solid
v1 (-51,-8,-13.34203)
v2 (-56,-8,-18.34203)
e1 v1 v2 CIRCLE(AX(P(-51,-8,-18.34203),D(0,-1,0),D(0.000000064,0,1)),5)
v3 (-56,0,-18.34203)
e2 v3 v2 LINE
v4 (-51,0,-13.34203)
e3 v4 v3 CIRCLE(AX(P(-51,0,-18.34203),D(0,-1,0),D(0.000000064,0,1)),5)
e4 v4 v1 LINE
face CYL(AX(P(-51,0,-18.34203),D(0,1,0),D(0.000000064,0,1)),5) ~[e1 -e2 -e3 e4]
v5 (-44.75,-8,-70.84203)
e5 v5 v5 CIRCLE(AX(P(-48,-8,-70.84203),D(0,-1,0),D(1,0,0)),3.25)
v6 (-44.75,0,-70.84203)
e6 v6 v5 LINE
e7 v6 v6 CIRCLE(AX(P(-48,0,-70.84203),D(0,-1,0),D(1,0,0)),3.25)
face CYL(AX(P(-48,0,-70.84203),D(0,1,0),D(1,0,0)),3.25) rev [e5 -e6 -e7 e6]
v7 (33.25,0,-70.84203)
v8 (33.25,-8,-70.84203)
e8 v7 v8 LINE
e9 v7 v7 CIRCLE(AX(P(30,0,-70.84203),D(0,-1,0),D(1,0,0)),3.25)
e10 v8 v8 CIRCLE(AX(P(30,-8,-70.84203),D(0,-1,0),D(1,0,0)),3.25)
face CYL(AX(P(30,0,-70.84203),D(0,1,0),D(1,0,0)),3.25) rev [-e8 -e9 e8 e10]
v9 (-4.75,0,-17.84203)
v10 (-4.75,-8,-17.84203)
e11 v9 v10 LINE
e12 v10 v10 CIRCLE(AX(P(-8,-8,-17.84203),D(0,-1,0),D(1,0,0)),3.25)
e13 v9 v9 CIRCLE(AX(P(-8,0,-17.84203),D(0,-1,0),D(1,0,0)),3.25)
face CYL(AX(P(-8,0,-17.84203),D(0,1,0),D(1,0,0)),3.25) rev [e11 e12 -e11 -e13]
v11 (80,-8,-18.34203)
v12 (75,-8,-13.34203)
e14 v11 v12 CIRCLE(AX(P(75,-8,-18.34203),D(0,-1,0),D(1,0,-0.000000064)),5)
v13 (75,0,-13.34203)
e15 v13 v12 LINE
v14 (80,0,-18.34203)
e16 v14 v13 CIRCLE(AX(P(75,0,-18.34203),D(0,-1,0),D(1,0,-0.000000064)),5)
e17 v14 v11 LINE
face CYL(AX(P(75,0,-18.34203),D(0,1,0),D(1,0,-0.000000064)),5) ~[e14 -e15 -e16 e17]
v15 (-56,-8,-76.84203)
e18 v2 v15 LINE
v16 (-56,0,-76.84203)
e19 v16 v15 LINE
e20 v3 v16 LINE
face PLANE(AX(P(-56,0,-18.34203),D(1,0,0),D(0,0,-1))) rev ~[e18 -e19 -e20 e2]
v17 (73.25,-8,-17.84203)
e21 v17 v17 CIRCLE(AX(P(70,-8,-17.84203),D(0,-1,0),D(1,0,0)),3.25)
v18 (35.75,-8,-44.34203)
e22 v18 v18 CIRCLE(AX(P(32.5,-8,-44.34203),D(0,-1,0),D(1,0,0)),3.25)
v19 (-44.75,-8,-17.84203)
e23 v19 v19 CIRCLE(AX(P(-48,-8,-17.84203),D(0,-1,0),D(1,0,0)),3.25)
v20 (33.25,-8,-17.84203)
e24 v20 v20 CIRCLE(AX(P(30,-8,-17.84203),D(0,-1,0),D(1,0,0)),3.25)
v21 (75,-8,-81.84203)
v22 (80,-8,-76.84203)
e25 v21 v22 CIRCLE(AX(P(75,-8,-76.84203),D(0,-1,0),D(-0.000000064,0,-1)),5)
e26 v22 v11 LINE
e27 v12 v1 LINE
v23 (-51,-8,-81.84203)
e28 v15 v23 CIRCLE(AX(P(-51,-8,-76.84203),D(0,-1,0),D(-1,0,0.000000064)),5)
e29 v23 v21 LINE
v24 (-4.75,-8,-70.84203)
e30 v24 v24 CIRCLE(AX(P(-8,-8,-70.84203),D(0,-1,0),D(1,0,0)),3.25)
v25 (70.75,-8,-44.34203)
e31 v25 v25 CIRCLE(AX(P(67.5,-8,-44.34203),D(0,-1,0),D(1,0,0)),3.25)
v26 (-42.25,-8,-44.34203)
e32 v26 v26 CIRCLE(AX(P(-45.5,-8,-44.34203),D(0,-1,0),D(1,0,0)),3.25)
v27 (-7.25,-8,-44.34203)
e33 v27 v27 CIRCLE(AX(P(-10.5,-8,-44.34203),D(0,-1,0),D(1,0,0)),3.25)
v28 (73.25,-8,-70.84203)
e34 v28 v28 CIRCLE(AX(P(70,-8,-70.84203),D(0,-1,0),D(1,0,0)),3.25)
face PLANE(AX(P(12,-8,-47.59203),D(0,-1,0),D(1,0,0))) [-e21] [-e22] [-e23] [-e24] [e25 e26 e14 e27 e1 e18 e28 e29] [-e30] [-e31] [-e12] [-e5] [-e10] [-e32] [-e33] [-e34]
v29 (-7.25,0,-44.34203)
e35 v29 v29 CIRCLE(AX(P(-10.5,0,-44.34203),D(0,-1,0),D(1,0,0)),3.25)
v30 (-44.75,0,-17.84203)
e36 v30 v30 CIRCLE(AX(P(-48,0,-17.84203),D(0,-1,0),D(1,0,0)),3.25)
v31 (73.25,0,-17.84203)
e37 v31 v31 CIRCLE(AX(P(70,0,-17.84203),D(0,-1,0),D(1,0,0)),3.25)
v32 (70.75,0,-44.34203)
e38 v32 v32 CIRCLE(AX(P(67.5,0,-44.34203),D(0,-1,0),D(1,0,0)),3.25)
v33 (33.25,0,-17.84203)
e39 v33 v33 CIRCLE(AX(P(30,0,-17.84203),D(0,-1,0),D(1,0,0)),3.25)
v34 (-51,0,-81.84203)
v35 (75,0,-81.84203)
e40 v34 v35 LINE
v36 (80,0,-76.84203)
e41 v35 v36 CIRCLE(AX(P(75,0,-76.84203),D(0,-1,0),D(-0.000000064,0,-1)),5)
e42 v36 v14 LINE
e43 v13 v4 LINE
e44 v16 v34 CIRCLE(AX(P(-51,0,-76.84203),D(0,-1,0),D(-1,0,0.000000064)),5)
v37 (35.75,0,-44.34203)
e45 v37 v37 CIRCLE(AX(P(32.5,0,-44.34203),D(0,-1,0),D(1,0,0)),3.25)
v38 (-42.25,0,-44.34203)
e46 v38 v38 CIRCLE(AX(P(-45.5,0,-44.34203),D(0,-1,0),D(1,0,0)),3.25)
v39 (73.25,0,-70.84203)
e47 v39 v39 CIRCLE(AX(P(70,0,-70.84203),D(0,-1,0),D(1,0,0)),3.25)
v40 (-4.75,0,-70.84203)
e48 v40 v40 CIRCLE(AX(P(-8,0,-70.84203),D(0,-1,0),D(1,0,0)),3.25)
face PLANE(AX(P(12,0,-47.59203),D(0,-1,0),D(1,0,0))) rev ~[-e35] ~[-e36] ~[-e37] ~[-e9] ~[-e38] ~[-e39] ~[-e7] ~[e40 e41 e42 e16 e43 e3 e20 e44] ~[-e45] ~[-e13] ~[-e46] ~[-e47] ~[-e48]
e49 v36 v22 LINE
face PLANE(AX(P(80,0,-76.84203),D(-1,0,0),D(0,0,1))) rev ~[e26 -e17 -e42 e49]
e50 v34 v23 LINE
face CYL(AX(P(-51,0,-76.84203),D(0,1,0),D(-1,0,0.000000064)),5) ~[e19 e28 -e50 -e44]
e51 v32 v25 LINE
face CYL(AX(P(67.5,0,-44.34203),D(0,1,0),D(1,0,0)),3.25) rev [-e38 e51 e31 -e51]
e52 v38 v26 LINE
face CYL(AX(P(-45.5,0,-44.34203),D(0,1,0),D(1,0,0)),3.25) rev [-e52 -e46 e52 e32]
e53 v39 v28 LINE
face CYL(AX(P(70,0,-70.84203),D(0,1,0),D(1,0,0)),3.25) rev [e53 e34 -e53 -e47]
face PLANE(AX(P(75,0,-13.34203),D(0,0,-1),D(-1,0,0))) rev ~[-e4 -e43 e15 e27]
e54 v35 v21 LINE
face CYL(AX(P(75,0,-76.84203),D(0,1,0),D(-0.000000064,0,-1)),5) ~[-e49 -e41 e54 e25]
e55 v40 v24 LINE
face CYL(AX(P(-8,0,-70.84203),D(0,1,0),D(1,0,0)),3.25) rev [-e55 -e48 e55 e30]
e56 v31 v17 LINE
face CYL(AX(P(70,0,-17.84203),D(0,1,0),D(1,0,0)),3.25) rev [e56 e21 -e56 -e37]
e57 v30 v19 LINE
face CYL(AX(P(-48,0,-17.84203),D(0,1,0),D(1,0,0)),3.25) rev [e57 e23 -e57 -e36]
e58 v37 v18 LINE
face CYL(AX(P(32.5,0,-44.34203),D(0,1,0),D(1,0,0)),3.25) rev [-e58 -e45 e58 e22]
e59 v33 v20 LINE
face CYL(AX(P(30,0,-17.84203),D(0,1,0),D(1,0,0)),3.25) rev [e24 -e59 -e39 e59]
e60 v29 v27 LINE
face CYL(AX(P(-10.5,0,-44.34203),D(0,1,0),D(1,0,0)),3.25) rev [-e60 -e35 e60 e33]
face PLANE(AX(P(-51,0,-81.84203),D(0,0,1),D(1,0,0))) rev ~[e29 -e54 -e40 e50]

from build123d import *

# Parameters (mm, degrees)
F0_R     = 3.25
F1_DEPTH = 8


with BuildPart() as f1:
    # F0 (on Front) → F1 (new body)
    with BuildSketch(Plane.XZ):
        with BuildLine():
            Line((-51, -81.84203), (75, -81.84203))
            ThreePointArc((75, -81.84203), (78.535534, -80.377564), (80, -76.84203))
            Line((80, -76.84203), (80, -18.34203))
            ThreePointArc((80, -18.34203), (78.535534, -14.806496), (75, -13.34203))
            Line((75, -13.34203), (-51, -13.34203))
            ThreePointArc((-51, -13.34203), (-54.535534, -14.806496), (-56, -18.34203))
            Line((-56, -18.34203), (-56, -76.84203))
            ThreePointArc((-56, -76.84203), (-54.535534, -80.377564), (-51, -81.84203))
        make_face()
        with Locations((-48, -70.84203)):
            Circle(F0_R, mode=Mode.SUBTRACT)
        with Locations((-8, -70.84203)):
            Circle(F0_R, mode=Mode.SUBTRACT)
        with Locations((30, -70.84203)):
            Circle(F0_R, mode=Mode.SUBTRACT)
        with Locations((70, -70.84203)):
            Circle(F0_R, mode=Mode.SUBTRACT)
        with Locations((-45.5, -44.34203)):
            Circle(F0_R, mode=Mode.SUBTRACT)
        with Locations((-10.5, -44.34203)):
            Circle(F0_R, mode=Mode.SUBTRACT)
        with Locations((-48, -17.84203)):
            Circle(F0_R, mode=Mode.SUBTRACT)
        with Locations((-8, -17.84203)):
            Circle(F0_R, mode=Mode.SUBTRACT)
        with Locations((32.5, -44.34203)):
            Circle(F0_R, mode=Mode.SUBTRACT)
        with Locations((67.5, -44.34203)):
            Circle(F0_R, mode=Mode.SUBTRACT)
        with Locations((30, -17.84203)):
            Circle(F0_R, mode=Mode.SUBTRACT)
        with Locations((70, -17.84203)):
            Circle(F0_R, mode=Mode.SUBTRACT)
    extrude(amount=F1_DEPTH)


solid = f1.part
